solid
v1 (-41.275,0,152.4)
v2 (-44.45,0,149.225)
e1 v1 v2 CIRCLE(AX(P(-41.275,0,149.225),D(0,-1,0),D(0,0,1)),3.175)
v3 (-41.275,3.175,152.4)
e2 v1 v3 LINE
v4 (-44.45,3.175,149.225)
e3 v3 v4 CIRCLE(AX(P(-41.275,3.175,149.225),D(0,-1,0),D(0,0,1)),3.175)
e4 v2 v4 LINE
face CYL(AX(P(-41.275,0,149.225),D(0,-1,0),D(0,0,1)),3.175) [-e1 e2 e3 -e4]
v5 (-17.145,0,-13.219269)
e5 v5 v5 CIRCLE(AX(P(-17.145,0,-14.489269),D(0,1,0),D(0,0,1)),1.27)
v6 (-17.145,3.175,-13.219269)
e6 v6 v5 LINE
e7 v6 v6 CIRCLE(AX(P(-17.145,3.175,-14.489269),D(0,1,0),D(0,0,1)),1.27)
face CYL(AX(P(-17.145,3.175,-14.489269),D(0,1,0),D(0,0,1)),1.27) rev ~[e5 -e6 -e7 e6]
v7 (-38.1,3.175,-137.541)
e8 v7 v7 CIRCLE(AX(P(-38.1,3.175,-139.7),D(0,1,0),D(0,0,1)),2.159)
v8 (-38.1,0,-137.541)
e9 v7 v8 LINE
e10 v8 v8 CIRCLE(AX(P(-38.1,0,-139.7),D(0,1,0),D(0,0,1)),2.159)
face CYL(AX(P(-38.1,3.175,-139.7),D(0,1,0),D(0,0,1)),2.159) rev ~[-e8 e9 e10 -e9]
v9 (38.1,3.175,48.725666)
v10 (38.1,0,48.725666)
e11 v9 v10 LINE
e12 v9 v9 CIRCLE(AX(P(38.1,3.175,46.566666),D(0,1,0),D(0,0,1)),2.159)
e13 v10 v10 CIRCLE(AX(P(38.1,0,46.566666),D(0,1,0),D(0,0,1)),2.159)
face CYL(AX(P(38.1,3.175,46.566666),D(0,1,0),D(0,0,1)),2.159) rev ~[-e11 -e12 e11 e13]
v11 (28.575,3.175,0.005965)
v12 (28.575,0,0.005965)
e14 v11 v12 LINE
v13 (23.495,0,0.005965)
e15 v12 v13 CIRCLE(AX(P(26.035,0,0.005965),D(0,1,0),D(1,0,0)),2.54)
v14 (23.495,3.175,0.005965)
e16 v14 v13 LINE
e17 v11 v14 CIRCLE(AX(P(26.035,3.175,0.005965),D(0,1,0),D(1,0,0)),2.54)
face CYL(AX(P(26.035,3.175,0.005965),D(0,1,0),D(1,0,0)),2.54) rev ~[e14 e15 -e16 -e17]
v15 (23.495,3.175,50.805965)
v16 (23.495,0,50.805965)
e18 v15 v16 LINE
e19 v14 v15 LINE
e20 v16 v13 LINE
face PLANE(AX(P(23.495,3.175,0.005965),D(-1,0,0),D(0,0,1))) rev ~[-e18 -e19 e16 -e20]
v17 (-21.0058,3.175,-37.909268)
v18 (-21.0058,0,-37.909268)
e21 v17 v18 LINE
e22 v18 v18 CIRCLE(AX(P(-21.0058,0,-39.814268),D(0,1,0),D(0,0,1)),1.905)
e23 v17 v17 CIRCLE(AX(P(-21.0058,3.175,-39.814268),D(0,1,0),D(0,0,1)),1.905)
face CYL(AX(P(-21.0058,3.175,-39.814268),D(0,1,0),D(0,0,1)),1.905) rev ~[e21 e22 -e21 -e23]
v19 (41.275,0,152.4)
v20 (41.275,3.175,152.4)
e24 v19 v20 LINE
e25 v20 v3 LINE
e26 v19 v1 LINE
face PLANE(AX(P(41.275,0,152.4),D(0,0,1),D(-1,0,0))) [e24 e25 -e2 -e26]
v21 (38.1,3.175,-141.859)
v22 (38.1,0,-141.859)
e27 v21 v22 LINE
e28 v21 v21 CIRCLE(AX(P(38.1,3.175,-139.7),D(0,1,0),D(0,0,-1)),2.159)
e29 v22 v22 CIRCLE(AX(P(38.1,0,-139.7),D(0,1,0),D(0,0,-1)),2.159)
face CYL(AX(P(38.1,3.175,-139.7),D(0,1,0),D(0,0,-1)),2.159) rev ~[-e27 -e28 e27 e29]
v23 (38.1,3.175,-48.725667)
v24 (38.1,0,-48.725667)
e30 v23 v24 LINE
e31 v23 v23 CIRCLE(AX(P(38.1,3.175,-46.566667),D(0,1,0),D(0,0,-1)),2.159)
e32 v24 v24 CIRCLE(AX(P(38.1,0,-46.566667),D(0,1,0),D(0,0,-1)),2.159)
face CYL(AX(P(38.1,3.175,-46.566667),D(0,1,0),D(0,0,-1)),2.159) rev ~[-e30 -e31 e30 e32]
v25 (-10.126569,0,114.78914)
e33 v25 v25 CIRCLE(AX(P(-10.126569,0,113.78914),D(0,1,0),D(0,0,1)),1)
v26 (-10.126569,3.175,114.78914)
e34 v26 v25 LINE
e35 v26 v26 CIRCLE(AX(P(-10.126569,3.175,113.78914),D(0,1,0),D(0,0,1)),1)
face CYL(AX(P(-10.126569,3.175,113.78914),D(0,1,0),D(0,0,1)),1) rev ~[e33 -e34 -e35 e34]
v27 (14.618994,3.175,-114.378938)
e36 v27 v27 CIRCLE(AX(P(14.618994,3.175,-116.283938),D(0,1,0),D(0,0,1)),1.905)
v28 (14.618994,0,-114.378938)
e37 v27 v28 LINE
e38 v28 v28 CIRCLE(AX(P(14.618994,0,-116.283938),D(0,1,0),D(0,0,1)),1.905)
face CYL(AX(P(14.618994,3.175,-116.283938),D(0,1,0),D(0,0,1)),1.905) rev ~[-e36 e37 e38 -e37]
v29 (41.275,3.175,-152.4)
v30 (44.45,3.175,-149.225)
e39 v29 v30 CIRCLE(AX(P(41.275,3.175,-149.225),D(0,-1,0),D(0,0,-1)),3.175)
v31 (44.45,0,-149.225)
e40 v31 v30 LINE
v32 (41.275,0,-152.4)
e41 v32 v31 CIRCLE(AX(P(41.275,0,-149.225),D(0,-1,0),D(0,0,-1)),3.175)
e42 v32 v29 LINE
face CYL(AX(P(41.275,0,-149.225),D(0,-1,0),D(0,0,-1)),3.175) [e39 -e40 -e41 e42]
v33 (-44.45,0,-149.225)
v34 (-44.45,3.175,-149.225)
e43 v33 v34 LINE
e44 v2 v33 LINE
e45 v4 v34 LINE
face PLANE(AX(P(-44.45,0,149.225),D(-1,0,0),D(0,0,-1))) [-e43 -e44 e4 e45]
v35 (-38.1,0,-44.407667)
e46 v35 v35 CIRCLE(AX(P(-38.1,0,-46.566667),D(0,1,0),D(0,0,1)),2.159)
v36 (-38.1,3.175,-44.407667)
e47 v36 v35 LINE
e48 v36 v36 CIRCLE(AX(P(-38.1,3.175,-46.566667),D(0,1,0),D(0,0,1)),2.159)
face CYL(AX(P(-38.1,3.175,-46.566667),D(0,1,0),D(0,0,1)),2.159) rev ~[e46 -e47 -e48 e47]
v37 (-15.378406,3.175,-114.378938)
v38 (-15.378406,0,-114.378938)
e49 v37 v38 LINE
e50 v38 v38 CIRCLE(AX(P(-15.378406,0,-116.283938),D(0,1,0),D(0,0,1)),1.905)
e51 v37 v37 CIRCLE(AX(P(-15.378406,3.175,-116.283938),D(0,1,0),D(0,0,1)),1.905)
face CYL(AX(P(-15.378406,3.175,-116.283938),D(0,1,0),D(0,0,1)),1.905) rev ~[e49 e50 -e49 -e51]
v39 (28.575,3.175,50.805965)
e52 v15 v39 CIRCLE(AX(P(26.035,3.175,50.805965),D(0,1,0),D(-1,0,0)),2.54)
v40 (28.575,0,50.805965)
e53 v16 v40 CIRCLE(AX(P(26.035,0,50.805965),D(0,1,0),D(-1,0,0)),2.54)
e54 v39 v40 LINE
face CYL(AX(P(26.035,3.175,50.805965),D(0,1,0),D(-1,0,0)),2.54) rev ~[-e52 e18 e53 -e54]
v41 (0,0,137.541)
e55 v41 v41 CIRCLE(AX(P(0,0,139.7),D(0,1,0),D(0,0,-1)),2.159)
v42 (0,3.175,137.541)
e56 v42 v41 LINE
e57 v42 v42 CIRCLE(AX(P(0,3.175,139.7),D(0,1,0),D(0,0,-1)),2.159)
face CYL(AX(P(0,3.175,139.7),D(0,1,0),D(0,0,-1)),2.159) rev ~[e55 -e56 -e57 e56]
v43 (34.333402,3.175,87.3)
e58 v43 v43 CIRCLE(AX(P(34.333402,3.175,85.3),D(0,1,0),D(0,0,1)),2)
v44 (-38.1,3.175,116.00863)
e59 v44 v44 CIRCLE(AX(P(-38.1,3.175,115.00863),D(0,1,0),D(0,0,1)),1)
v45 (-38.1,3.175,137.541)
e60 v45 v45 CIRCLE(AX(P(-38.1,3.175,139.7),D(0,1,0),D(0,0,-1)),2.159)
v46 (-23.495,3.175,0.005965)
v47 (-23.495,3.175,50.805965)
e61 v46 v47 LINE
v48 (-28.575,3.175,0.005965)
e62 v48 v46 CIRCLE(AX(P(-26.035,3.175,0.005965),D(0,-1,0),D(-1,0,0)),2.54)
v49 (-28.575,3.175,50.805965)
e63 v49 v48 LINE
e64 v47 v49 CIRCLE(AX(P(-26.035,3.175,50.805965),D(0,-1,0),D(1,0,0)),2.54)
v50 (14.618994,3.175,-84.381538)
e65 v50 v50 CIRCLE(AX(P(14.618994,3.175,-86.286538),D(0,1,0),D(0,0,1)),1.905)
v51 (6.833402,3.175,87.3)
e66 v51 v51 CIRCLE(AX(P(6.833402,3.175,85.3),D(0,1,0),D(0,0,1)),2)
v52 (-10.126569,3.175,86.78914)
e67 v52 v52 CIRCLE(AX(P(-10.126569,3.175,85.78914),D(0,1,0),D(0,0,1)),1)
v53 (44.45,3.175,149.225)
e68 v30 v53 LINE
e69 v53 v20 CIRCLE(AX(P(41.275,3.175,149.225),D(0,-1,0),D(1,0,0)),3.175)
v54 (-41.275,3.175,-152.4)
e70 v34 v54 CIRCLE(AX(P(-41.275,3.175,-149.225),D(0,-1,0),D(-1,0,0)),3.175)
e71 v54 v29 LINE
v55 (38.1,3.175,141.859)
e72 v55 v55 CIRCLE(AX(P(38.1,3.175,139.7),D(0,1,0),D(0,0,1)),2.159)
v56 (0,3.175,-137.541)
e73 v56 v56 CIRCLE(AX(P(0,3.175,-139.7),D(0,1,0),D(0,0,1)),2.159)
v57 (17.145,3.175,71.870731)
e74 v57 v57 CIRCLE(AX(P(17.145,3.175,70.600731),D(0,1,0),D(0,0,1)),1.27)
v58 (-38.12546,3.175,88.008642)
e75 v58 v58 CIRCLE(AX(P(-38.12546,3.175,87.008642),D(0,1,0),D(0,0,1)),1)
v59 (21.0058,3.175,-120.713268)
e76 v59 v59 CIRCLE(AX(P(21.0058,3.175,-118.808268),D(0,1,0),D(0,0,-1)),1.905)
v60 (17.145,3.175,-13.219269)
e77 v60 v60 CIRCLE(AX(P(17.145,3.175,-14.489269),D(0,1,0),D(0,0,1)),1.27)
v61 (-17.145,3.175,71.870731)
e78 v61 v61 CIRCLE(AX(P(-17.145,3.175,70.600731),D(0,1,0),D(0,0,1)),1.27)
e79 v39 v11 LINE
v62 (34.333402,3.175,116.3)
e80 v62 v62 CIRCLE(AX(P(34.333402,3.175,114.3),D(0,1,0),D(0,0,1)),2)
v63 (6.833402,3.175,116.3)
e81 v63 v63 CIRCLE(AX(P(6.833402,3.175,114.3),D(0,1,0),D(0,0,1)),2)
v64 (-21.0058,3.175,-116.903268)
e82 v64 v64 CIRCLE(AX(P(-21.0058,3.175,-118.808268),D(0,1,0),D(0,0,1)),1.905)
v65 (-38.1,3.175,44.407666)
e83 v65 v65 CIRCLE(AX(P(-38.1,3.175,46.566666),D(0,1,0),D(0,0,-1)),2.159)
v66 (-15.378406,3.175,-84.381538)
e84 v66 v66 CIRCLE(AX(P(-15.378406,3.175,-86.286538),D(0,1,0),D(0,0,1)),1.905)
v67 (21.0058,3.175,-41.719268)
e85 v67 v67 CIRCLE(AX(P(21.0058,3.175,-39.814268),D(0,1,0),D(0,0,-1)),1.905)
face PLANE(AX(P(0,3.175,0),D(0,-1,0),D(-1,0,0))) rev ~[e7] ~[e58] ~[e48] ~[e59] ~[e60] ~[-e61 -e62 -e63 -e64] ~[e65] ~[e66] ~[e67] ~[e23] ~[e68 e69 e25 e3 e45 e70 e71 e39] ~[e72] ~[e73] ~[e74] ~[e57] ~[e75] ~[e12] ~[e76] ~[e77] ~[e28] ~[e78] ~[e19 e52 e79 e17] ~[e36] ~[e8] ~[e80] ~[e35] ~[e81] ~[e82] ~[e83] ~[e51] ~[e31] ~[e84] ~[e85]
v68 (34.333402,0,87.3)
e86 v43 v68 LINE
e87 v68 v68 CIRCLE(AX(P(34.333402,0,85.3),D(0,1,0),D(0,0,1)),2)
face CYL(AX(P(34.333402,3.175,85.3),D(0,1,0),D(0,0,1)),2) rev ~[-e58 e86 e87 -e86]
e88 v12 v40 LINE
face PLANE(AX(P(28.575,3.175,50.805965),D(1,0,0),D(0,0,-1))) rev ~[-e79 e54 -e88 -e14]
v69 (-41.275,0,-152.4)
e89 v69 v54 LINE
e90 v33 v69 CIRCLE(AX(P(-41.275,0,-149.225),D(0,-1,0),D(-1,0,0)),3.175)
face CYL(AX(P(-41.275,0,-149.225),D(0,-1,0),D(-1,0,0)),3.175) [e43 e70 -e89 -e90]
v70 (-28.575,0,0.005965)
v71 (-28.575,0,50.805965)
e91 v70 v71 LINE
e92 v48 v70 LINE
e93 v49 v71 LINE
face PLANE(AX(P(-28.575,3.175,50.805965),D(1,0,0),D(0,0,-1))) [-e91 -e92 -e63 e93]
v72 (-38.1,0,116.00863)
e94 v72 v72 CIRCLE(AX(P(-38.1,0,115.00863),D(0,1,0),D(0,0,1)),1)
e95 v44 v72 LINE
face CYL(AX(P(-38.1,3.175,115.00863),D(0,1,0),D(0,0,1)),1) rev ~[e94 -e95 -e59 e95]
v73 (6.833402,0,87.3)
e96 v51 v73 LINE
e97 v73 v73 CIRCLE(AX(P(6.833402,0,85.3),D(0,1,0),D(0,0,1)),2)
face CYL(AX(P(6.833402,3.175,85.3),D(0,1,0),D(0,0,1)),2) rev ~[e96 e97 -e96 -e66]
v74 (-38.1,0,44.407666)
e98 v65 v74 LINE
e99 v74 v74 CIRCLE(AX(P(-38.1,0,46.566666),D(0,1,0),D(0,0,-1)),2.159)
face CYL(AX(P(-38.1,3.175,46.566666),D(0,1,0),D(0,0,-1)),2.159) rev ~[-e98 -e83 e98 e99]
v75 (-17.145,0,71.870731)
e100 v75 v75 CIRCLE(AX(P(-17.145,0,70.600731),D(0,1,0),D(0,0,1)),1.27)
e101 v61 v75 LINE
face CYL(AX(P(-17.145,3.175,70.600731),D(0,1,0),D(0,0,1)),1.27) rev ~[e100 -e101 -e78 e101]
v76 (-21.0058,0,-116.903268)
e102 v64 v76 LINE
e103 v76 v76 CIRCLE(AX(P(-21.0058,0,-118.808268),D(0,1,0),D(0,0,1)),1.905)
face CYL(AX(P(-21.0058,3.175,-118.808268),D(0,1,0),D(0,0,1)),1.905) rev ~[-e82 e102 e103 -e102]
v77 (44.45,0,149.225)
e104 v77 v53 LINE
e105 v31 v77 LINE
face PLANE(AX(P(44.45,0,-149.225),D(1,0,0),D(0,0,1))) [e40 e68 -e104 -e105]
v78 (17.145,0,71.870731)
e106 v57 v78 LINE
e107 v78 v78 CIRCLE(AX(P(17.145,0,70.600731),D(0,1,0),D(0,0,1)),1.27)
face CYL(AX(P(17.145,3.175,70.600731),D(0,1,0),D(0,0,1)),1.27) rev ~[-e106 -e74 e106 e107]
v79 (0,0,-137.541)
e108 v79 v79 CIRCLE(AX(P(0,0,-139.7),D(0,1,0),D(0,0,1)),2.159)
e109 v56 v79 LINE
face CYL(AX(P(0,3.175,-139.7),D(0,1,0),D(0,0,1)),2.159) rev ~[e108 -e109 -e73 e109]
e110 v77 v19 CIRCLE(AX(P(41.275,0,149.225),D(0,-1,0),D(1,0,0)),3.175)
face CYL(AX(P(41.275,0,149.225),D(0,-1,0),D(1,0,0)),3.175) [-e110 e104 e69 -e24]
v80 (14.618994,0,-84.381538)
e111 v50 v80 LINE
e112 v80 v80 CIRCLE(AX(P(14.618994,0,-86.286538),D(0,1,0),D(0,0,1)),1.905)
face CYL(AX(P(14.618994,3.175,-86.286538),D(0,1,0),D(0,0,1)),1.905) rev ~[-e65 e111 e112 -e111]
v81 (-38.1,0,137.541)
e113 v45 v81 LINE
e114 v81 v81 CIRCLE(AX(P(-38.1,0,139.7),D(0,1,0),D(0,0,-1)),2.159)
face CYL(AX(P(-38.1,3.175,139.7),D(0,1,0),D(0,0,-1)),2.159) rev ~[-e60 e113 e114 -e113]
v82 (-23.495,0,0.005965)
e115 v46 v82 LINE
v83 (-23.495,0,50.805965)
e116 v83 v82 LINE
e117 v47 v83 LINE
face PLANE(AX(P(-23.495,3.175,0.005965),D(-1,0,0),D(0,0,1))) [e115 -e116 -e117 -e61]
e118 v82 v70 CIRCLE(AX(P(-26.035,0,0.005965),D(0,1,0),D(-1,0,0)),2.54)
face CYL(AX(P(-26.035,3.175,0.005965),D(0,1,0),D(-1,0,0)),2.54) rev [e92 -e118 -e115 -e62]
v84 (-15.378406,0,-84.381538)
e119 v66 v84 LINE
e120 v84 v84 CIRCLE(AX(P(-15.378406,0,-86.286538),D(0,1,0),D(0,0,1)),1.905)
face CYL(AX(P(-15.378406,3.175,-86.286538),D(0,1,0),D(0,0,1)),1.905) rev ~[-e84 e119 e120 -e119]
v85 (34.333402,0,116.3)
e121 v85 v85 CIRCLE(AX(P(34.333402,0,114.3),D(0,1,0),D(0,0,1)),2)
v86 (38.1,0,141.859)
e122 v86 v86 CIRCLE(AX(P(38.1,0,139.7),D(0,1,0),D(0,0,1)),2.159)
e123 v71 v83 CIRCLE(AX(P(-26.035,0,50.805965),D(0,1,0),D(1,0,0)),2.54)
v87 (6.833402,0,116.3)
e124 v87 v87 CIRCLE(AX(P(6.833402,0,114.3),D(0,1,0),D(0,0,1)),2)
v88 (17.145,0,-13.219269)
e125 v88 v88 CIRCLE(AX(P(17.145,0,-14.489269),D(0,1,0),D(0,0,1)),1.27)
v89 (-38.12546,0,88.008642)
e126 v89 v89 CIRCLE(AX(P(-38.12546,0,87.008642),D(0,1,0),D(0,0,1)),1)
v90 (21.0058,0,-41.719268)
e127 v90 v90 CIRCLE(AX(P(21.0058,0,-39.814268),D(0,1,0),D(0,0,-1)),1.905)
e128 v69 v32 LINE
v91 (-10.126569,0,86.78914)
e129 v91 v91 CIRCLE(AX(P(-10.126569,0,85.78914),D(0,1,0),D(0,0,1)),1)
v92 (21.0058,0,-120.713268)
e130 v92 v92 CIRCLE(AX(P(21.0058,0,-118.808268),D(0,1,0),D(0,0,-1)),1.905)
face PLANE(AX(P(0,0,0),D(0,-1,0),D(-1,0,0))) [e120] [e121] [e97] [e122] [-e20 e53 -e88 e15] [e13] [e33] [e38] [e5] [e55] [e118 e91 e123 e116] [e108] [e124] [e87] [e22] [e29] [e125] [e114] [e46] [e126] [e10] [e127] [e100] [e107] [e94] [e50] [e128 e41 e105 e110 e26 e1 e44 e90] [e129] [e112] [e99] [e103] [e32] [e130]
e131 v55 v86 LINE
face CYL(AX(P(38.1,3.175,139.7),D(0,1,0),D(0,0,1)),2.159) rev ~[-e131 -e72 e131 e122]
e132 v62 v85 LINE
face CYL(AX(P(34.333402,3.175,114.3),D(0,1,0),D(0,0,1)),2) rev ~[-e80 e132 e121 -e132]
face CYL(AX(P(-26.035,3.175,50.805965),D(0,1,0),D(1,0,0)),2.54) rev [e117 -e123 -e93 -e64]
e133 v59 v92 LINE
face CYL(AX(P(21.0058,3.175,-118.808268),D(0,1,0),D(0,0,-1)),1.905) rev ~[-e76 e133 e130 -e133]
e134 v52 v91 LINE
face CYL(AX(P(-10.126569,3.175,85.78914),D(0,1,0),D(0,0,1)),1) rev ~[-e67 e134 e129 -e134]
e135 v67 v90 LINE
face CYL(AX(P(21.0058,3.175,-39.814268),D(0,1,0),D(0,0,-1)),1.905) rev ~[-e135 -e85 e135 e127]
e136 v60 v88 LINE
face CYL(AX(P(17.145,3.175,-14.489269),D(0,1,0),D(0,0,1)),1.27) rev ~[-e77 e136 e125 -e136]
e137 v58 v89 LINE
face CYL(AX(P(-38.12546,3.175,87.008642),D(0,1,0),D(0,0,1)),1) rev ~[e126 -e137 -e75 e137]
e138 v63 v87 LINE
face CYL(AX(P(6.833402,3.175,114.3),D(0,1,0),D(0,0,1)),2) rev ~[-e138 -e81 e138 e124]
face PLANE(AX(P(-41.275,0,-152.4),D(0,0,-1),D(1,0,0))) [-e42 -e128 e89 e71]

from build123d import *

# Parameters (mm, degrees)
PLATE_THICKNESS_DEPTH        = 3.175
SKETCH3_R                    = 2.159
MOUNTING_HOLES_DEPTH         = 159.781746826
SKETCH4_R                    = 1.905
JETSON_HOLES_W_O_MOUNT_DEPTH = 159.781746826
SKETCH5_R                    = 1.905
PDB_HOLES_DEPTH              = 159.781746826
SKETCH7_R                    = 1.27
PIXHAWK_HOLES_DEPTH          = 159.781746826
BATTERY_HOLES_DEPTH          = 159.781746826
SKETCH9_R                    = 2
CUT_EXTRUDE1_DEPTH           = 159.781746826
VENTRAL_CAMERA_HOLES_REACH   = 160.782
SKETCH10_R                   = 1


with BuildPart() as part:
    # Sketch2 → Plate Thickness (new body)
    with BuildSketch(Plane(origin=(0, 0, 0), x_dir=(1, 0, 0), z_dir=(0, 1, 0))):
        with BuildLine():
            Line((-41.275, 152.4), (41.275, 152.4))
            ThreePointArc((41.275, 152.4), (43.52006403, 151.47006403), (44.45, 149.225))
            Line((44.45, 149.225), (44.45, -149.225))
            ThreePointArc((44.45, -149.225), (43.52006403, -151.47006403), (41.275, -152.4))
            Line((41.275, -152.4), (-41.275, -152.4))
            ThreePointArc((-41.275, -152.4), (-43.52006403, -151.47006403), (-44.45, -149.225))
            Line((-44.45, -149.225), (-44.45, 149.225))
            ThreePointArc((-44.45, 149.225), (-43.52006403, 151.47006403), (-41.275, 152.4))
        make_face()
    extrude(amount=PLATE_THICKNESS_DEPTH)

    # Sketch3 → Mounting holes (cut, through all)
    with BuildSketch(Plane(origin=(0, 3.175, 0), x_dir=(1, 0, 0), z_dir=(0, 1, 0))):
        with Locations(Location((-38.1, 139.7, 0), (0, 0, 270))):
            Circle(SKETCH3_R)
        with Locations(Location((-38.1, 46.566666666, 0), (0, 0, 270))):
            Circle(SKETCH3_R)
        with Locations(Location((-38.1, -46.56666582, 0), (0, 0, 90))):
            Circle(SKETCH3_R)
        with Locations(Location((-38.1, -139.7, 0), (0, 0, 90))):
            Circle(SKETCH3_R)
        with Locations(Location((38.1, -139.7, 0), (0, 0, 270))):
            Circle(SKETCH3_R)
        with Locations(Location((38.1, -46.56666582, 0), (0, 0, 270))):
            Circle(SKETCH3_R)
        with Locations(Location((38.1, 46.566666666, 0), (0, 0, 90))):
            Circle(SKETCH3_R)
        with Locations(Location((38.1, 139.7, 0), (0, 0, 90))):
            Circle(SKETCH3_R)
        with Locations(Location((0, 139.7, 0), (0, 0, 270))):
            Circle(SKETCH3_R)
        with Locations(Location((0, -139.7, 0), (0, 0, 90))):
            Circle(SKETCH3_R)
    extrude(amount=-MOUNTING_HOLES_DEPTH, mode=Mode.SUBTRACT)

    # Sketch4 → Jetson Holes (w/o mount) (cut, through all)
    with BuildSketch(Plane(origin=(0, 3.175, 0), x_dir=(1, 0, 0), z_dir=(0, 1, 0))):
        with Locations(Location((-21.0058, 118.808268359, 0), (0, 0, 270))):
            Circle(SKETCH4_R)
        with Locations(Location((-21.0058, 39.814268359, 0), (0, 0, 270))):
            Circle(SKETCH4_R)
        with Locations(Location((21.0058, 39.814268359, 0), (0, 0, 90))):
            Circle(SKETCH4_R)
        with Locations(Location((21.0058, 118.808268359, 0), (0, 0, 90))):
            Circle(SKETCH4_R)
    extrude(amount=-JETSON_HOLES_W_O_MOUNT_DEPTH, mode=Mode.SUBTRACT)

    # Sketch5 → PDB holes (cut, through all)
    with BuildSketch(Plane(origin=(0, 3.175, 0), x_dir=(1, 0, 0), z_dir=(0, 1, 0))):
        with Locations(Location((-15.378405846, 116.28393812, 0), (0, 0, 270))):
            Circle(SKETCH5_R)
        with Locations(Location((14.618994154, 116.28393812, 0), (0, 0, 270))):
            Circle(SKETCH5_R)
        with Locations(Location((14.618994154, 86.28653812, 0), (0, 0, 270))):
            Circle(SKETCH5_R)
        with Locations(Location((-15.378405846, 86.28653812, 0), (0, 0, 270))):
            Circle(SKETCH5_R)
    extrude(amount=-PDB_HOLES_DEPTH, mode=Mode.SUBTRACT)

    # Sketch7 → PixHawk Holes (cut, through all)
    with BuildSketch(Plane(origin=(0, 3.175, 0), x_dir=(1, 0, 0), z_dir=(0, 1, 0))):
        with Locations(Location((-17.145, 14.489268954, 0), (0, 0, 270))):
            Circle(SKETCH7_R)
        with Locations(Location((-17.145, -70.600731046, 0), (0, 0, 270))):
            Circle(SKETCH7_R)
        with Locations(Location((17.145, -70.600731046, 0), (0, 0, 270))):
            Circle(SKETCH7_R)
        with Locations(Location((17.145, 14.489268954, 0), (0, 0, 270))):
            Circle(SKETCH7_R)
    extrude(amount=-PIXHAWK_HOLES_DEPTH, mode=Mode.SUBTRACT)

    # Sketch8 → Battery Holes (cut, through all)
    with BuildSketch(Plane(origin=(0, 3.175, 0), x_dir=(1, 0, 0), z_dir=(0, 1, 0))):
        with BuildLine():
            Line((-23.495, -0.005964701), (-23.495, -50.805964701))
            ThreePointArc((-23.495, -50.805964701), (-26.035, -53.345964701), (-28.575, -50.805964701))
            Line((-28.575, -50.805964701), (-28.575, -0.005964701))
            ThreePointArc((-28.575, -0.005964701), (-26.035, 2.534035299), (-23.495, -0.005964701))
        make_face()
        with BuildLine():
            Line((23.495, -0.005964701), (23.495, -50.805964701))
            ThreePointArc((23.495, -50.805964701), (26.035, -53.345964701), (28.575, -50.805964701))
            Line((28.575, -50.805964701), (28.575, -0.005964701))
            ThreePointArc((28.575, -0.005964701), (26.035, 2.534035299), (23.495, -0.005964701))
        make_face()
    extrude(amount=-BATTERY_HOLES_DEPTH, mode=Mode.SUBTRACT)

    # Sketch9 → Cut-Extrude1 (cut, through all)
    with BuildSketch(Plane(origin=(0, 3.175, 0), x_dir=(1, 0, 0), z_dir=(0, 1, 0))):
        with Locations(Location((6.833401633, -85.3, 0), (0, 0, 270))):
            Circle(SKETCH9_R)
        with Locations(Location((34.333401633, -85.3, 0), (0, 0, 270))):
            Circle(SKETCH9_R)
        with Locations(Location((34.333401633, -114.3, 0), (0, 0, 270))):
            Circle(SKETCH9_R)
        with Locations(Location((6.833401633, -114.3, 0), (0, 0, 270))):
            Circle(SKETCH9_R)
    extrude(amount=-CUT_EXTRUDE1_DEPTH, mode=Mode.SUBTRACT)

    # Sketch10 → Ventral Camera holes (cut, up to next)
    with BuildSketch(Plane(origin=(0, 3.175, 0), x_dir=(1, 0, 0), z_dir=(0, 1, 0)), mode=Mode.PRIVATE) as ventral_camera_holes_sk1:
        with Locations(Location((-38.125460092, -87.008641581, 0), (0, 0, 270))):
            Circle(SKETCH10_R)
    ventral_camera_holes_tool1 = extrude(ventral_camera_holes_sk1.sketch, amount=-VENTRAL_CAMERA_HOLES_REACH, mode=Mode.PRIVATE) & part.part
    # Sketch10 → Ventral Camera holes (cut, up to next)
    with BuildSketch(Plane(origin=(0, 3.175, 0), x_dir=(1, 0, 0), z_dir=(0, 1, 0)), mode=Mode.PRIVATE) as ventral_camera_holes_sk2:
        with Locations(Location((-38.1, -115.008630005, 0), (0, 0, 270))):
            Circle(SKETCH10_R)
    ventral_camera_holes_tool2 = extrude(ventral_camera_holes_sk2.sketch, amount=-VENTRAL_CAMERA_HOLES_REACH, mode=Mode.PRIVATE) & part.part
    # Sketch10 → Ventral Camera holes (cut, up to next)
    with BuildSketch(Plane(origin=(0, 3.175, 0), x_dir=(1, 0, 0), z_dir=(0, 1, 0)), mode=Mode.PRIVATE) as ventral_camera_holes_sk3:
        with Locations(Location((-10.126568972, -85.789139736, 0), (0, 0, 270))):
            Circle(SKETCH10_R)
    ventral_camera_holes_tool3 = extrude(ventral_camera_holes_sk3.sketch, amount=-VENTRAL_CAMERA_HOLES_REACH, mode=Mode.PRIVATE) & part.part
    # Sketch10 → Ventral Camera holes (cut, up to next)
    with BuildSketch(Plane(origin=(0, 3.175, 0), x_dir=(1, 0, 0), z_dir=(0, 1, 0)), mode=Mode.PRIVATE) as ventral_camera_holes_sk4:
        with Locations(Location((-10.126568972, -113.789139736, 0), (0, 0, 270))):
            Circle(SKETCH10_R)
    ventral_camera_holes_tool4 = extrude(ventral_camera_holes_sk4.sketch, amount=-VENTRAL_CAMERA_HOLES_REACH, mode=Mode.PRIVATE) & part.part
    add(ventral_camera_holes_tool1.solids().sort_by_distance((-38.12546, 3.175, 87.008642))[0], mode=Mode.SUBTRACT)
    add(ventral_camera_holes_tool2.solids().sort_by_distance((-38.1, 3.175, 115.00863))[0], mode=Mode.SUBTRACT)
    add(ventral_camera_holes_tool3.solids().sort_by_distance((-10.126569, 3.175, 85.78914))[0], mode=Mode.SUBTRACT)
    add(ventral_camera_holes_tool4.solids().sort_by_distance((-10.126569, 3.175, 113.78914))[0], mode=Mode.SUBTRACT)


solid = part.part
